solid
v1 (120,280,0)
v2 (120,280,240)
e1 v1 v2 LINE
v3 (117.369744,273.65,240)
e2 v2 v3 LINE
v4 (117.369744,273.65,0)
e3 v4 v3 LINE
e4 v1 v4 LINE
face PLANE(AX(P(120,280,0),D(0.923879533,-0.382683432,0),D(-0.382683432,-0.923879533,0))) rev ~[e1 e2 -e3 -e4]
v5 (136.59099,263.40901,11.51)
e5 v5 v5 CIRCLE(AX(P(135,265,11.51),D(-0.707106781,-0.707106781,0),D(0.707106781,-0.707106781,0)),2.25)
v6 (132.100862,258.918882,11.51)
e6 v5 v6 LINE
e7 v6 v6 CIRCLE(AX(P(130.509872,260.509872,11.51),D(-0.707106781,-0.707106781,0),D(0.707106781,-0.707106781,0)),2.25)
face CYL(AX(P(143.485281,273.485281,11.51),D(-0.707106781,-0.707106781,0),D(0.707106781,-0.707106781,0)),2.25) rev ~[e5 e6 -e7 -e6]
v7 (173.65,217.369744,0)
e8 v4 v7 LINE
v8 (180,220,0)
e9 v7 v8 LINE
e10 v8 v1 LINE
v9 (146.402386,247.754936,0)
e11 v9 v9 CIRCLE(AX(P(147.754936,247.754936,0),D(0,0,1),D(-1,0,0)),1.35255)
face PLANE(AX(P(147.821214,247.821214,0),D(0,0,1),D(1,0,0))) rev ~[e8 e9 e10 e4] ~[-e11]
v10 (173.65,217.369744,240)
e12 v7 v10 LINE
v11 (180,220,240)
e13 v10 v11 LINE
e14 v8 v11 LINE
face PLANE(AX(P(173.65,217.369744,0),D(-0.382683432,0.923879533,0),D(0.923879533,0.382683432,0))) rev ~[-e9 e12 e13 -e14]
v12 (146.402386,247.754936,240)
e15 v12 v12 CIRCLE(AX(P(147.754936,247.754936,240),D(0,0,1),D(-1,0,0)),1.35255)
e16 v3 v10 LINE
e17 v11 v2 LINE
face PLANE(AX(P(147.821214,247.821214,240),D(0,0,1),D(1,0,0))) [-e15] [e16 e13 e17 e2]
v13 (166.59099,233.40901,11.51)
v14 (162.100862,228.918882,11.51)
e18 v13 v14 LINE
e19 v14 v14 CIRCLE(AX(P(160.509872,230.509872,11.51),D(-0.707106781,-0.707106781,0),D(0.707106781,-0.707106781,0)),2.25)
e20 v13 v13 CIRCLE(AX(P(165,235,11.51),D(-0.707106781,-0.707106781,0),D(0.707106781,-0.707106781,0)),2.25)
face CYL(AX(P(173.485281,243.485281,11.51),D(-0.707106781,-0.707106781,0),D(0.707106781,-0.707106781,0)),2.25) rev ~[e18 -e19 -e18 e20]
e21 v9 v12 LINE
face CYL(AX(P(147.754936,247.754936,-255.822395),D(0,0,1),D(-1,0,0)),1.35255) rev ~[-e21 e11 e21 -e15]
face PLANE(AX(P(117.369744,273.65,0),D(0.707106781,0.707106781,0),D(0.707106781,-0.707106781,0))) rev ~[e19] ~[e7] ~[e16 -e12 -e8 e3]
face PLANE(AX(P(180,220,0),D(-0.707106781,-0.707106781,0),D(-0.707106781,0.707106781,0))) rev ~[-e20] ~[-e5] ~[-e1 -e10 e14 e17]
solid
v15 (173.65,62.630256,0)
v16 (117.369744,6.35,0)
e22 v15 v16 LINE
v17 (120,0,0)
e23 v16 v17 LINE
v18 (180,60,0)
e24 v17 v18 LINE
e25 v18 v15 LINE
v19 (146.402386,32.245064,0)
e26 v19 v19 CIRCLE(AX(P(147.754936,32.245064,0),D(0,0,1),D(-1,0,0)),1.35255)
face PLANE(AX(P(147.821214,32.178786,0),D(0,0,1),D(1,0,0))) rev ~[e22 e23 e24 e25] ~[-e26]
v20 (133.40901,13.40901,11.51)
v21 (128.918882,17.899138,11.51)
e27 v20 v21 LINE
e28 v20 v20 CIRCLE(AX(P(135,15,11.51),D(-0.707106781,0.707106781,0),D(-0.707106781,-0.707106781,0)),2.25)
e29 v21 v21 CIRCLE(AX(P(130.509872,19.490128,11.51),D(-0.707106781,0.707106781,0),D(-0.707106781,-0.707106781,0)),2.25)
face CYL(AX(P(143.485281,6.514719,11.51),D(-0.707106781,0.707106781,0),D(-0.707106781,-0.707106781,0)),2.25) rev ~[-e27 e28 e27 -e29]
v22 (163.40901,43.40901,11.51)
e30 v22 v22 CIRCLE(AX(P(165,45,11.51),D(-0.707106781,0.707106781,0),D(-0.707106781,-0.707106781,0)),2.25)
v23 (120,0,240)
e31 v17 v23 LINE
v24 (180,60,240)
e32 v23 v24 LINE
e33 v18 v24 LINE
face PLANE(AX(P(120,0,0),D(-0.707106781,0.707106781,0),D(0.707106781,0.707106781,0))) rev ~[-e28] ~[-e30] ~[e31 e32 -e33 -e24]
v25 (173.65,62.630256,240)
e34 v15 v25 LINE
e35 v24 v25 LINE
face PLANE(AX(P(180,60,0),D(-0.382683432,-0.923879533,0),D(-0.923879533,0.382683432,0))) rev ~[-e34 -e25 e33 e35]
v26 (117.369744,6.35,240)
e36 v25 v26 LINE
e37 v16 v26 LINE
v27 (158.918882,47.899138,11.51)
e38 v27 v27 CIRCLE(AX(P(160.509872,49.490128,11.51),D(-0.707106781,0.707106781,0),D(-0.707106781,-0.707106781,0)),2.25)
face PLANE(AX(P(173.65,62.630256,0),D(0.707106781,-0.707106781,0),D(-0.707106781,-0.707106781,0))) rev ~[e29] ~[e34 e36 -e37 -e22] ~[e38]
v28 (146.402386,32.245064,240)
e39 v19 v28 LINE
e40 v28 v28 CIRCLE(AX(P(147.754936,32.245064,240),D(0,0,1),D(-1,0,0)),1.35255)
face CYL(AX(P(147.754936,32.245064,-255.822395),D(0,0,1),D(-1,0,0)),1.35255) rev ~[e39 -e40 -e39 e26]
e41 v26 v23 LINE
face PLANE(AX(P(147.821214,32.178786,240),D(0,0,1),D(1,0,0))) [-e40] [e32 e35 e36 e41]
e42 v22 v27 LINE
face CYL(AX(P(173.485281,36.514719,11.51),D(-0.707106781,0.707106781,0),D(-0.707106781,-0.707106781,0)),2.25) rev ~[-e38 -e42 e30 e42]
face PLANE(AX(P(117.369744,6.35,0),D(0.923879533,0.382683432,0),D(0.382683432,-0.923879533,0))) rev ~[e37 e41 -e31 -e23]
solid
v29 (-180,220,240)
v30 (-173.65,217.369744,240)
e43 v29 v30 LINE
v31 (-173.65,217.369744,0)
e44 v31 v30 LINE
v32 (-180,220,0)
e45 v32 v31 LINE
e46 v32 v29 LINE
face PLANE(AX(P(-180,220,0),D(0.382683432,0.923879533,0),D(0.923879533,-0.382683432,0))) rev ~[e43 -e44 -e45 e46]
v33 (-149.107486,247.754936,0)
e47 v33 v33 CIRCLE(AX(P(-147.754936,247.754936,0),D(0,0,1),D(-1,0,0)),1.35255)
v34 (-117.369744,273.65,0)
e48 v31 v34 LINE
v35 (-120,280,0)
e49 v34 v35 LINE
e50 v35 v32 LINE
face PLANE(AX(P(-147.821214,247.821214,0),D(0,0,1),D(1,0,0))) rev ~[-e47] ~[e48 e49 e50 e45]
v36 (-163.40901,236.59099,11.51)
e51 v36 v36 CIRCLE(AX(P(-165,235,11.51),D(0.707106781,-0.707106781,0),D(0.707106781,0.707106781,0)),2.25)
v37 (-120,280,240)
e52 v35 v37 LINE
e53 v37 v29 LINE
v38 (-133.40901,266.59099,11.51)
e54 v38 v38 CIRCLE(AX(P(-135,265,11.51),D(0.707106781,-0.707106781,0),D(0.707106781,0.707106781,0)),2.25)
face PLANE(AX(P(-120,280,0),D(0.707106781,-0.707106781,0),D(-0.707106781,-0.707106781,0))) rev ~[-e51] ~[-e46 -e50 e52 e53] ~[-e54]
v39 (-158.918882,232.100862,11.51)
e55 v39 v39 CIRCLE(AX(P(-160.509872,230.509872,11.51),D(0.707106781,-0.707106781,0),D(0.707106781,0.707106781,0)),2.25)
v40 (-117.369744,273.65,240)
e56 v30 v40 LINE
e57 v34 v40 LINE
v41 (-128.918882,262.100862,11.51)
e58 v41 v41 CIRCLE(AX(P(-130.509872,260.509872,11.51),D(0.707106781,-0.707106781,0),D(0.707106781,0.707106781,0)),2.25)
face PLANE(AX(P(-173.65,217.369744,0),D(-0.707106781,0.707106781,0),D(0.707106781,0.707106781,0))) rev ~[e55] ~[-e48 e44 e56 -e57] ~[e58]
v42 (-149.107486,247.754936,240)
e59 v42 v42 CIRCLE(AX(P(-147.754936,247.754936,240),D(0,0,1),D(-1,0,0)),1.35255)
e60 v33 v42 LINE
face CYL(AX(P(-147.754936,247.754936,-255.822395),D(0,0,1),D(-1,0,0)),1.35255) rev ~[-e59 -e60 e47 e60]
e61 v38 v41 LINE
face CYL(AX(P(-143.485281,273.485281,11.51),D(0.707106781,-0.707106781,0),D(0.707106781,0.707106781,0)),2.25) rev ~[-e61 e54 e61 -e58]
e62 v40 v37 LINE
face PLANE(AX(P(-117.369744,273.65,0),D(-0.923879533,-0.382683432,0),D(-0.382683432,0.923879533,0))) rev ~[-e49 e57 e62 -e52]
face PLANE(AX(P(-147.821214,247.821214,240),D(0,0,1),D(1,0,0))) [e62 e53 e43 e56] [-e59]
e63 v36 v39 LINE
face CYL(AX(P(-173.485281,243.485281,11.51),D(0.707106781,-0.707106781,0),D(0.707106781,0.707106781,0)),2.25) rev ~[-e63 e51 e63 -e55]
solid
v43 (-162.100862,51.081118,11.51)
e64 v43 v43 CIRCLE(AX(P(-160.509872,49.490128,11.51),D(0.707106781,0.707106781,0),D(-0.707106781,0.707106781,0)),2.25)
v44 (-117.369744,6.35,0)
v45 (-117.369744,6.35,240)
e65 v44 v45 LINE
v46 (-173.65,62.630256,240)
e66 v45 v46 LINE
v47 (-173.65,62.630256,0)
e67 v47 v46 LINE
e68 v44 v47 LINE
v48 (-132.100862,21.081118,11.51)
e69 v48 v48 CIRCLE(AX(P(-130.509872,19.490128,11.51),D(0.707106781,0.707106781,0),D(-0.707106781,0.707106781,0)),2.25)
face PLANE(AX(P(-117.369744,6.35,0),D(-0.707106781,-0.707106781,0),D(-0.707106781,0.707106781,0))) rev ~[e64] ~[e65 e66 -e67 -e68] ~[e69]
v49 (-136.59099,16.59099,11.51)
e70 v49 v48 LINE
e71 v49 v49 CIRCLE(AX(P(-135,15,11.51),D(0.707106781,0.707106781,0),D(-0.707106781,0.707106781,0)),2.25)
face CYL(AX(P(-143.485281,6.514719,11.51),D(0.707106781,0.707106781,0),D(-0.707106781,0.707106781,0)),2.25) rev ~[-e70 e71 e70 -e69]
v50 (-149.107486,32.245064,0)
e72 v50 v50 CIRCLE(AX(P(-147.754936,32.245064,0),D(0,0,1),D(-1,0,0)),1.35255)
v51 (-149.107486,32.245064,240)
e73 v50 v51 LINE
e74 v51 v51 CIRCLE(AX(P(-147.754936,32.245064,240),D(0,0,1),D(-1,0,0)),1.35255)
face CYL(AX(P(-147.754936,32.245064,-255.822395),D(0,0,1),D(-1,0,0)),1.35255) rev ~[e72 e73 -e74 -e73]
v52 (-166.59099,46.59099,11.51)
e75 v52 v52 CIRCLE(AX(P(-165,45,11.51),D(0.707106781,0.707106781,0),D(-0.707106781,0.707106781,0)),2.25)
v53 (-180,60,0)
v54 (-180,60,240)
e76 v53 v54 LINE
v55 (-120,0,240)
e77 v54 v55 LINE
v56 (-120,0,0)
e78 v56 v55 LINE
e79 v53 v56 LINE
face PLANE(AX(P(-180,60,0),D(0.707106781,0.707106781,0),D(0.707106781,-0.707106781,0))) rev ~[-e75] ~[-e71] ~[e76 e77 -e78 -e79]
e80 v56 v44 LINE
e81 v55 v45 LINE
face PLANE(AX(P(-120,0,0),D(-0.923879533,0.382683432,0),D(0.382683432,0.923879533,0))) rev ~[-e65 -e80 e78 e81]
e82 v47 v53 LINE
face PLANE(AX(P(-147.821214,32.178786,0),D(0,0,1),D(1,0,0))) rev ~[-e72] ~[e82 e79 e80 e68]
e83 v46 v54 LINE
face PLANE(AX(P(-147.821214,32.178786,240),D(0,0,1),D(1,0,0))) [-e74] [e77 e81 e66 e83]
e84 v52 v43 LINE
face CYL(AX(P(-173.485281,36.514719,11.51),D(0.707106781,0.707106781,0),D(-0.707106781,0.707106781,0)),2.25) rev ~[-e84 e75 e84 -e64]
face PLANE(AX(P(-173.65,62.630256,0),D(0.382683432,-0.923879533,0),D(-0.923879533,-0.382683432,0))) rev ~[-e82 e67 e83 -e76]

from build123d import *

# Parameters (mm, degrees)
F1_DEPTH       = 240
F2_DEPTH       = 240
F3_DEPTH       = 240
F4_DEPTH       = 240
F9_D           = 4.5
F9_DEPTH       = 12
F9_TIP         = 1.3519363928
F9_ON_F5_D     = 4.5
F9_ON_F5_DEPTH = 12
F9_ON_F5_TIP   = 1.3519363928
F9_ON_F6_D     = 4.5
F9_ON_F6_DEPTH = 12
F9_ON_F6_TIP   = 1.3519363928
F9_ON_F7_D     = 4.5
F9_ON_F7_DEPTH = 12
F9_ON_F7_TIP   = 1.3519363928
F14_D          = 2.7051
F14_ON_F11_D   = 2.7051
F14_ON_F10_D   = 2.7051
F14_ON_F12_D   = 2.7051


with BuildPart() as f1:
    # F0 (on Top) → F1 (new body)
    with BuildSketch(Plane.XY):
        Polygon((-180, 60), (-120, 0), (-117.3697438789, 6.35), (-173.65, 62.6302561211), align=None)
    extrude(amount=F1_DEPTH)

    # F9 on F5
    with Locations(Plane(origin=(-60, -60, 0), x_dir=(0.7071067812, -0.7071067812, 0), z_dir=(-0.7071067812, -0.7071067812, 0))):
        with Locations((-106.066017178, 11.51), (-148.4924240492, 11.51)):
            Hole(F9_ON_F5_D / 2, depth=F9_ON_F5_DEPTH)
            with Locations((0, 0, -(F9_ON_F5_DEPTH + F9_ON_F5_TIP / 2))):  # 118° drill point
                Cone(0, F9_ON_F5_D / 2, F9_ON_F5_TIP, mode=Mode.SUBTRACT)

    # F14 on F10 (through all)
    with Locations(Plane(origin=(0, 0, 0), x_dir=(1, 0, 0), z_dir=(0, 0, -1))):
        with Locations((-147.7549359697, -32.2450640303)):
            Hole(F14_ON_F10_D / 2)


with BuildPart() as f2:
    # F0 (on Top) → F2 (new body)
    with BuildSketch(Plane.XY):
        Polygon((-120, 280), (-180, 220), (-173.65, 217.3697438789), (-117.3697438789, 273.65), align=None)
    extrude(amount=F2_DEPTH)

    # F9
    with Locations(Plane(origin=(-200, 200, 0), x_dir=(-0.7071067812, -0.7071067812, 0), z_dir=(-0.7071067812, 0.7071067812, 0))):
        with Locations((-91.9238815543, 11.51), (-49.4974746831, 11.51)):
            Hole(F9_D / 2, depth=F9_DEPTH)
            with Locations((0, 0, -(F9_DEPTH + F9_TIP / 2))):  # 118° drill point
                Cone(0, F9_D / 2, F9_TIP, mode=Mode.SUBTRACT)

    # F14 on F12 (through all)
    with Locations(Plane(origin=(0, 0, 0), x_dir=(1, 0, 0), z_dir=(0, 0, -1))):
        with Locations((-147.7549359697, -247.7549359697)):
            Hole(F14_ON_F12_D / 2)


with BuildPart() as f3:
    # F0 (on Top) → F3 (new body)
    with BuildSketch(Plane.XY):
        Polygon((173.65, 217.3697438789), (180, 220), (120, 280), (117.3697438789, 273.65), align=None)
    extrude(amount=F3_DEPTH)

    # F9 on F7
    with Locations(Plane(origin=(200, 200, 0), x_dir=(-0.7071067812, 0.7071067812, 0), z_dir=(0.7071067812, 0.7071067812, 0))):
        with Locations((49.4974746831, 11.51), (91.9238815543, 11.51)):
            Hole(F9_ON_F7_D / 2, depth=F9_ON_F7_DEPTH)
            with Locations((0, 0, -(F9_ON_F7_DEPTH + F9_ON_F7_TIP / 2))):  # 118° drill point
                Cone(0, F9_ON_F7_D / 2, F9_ON_F7_TIP, mode=Mode.SUBTRACT)

    # F14 (through all)
    with Locations(Plane(origin=(0, 0, 0), x_dir=(1, 0, 0), z_dir=(0, 0, -1))):
        with Locations((147.7549359697, -247.7549359697)):
            Hole(F14_D / 2)


with BuildPart() as f4:
    # F0 (on Top) → F4 (new body)
    with BuildSketch(Plane.XY):
        Polygon((117.3697438789, 6.35), (120, 0), (180, 60), (173.65, 62.6302561211), align=None)
    extrude(amount=F4_DEPTH)

    # F9 on F6
    with Locations(Plane(origin=(60, -60, 0), x_dir=(0.7071067812, 0.7071067812, 0), z_dir=(0.7071067812, -0.7071067812, 0))):
        with Locations((148.4924240492, 11.51), (106.066017178, 11.51)):
            Hole(F9_ON_F6_D / 2, depth=F9_ON_F6_DEPTH)
            with Locations((0, 0, -(F9_ON_F6_DEPTH + F9_ON_F6_TIP / 2))):  # 118° drill point
                Cone(0, F9_ON_F6_D / 2, F9_ON_F6_TIP, mode=Mode.SUBTRACT)

    # F14 on F11 (through all)
    with Locations(Plane(origin=(0, 0, 0), x_dir=(1, 0, 0), z_dir=(0, 0, -1))):
        with Locations((147.7549359697, -32.2450640303)):
            Hole(F14_ON_F11_D / 2)


solid = Compound([f1.part, f2.part, f3.part, f4.part])
